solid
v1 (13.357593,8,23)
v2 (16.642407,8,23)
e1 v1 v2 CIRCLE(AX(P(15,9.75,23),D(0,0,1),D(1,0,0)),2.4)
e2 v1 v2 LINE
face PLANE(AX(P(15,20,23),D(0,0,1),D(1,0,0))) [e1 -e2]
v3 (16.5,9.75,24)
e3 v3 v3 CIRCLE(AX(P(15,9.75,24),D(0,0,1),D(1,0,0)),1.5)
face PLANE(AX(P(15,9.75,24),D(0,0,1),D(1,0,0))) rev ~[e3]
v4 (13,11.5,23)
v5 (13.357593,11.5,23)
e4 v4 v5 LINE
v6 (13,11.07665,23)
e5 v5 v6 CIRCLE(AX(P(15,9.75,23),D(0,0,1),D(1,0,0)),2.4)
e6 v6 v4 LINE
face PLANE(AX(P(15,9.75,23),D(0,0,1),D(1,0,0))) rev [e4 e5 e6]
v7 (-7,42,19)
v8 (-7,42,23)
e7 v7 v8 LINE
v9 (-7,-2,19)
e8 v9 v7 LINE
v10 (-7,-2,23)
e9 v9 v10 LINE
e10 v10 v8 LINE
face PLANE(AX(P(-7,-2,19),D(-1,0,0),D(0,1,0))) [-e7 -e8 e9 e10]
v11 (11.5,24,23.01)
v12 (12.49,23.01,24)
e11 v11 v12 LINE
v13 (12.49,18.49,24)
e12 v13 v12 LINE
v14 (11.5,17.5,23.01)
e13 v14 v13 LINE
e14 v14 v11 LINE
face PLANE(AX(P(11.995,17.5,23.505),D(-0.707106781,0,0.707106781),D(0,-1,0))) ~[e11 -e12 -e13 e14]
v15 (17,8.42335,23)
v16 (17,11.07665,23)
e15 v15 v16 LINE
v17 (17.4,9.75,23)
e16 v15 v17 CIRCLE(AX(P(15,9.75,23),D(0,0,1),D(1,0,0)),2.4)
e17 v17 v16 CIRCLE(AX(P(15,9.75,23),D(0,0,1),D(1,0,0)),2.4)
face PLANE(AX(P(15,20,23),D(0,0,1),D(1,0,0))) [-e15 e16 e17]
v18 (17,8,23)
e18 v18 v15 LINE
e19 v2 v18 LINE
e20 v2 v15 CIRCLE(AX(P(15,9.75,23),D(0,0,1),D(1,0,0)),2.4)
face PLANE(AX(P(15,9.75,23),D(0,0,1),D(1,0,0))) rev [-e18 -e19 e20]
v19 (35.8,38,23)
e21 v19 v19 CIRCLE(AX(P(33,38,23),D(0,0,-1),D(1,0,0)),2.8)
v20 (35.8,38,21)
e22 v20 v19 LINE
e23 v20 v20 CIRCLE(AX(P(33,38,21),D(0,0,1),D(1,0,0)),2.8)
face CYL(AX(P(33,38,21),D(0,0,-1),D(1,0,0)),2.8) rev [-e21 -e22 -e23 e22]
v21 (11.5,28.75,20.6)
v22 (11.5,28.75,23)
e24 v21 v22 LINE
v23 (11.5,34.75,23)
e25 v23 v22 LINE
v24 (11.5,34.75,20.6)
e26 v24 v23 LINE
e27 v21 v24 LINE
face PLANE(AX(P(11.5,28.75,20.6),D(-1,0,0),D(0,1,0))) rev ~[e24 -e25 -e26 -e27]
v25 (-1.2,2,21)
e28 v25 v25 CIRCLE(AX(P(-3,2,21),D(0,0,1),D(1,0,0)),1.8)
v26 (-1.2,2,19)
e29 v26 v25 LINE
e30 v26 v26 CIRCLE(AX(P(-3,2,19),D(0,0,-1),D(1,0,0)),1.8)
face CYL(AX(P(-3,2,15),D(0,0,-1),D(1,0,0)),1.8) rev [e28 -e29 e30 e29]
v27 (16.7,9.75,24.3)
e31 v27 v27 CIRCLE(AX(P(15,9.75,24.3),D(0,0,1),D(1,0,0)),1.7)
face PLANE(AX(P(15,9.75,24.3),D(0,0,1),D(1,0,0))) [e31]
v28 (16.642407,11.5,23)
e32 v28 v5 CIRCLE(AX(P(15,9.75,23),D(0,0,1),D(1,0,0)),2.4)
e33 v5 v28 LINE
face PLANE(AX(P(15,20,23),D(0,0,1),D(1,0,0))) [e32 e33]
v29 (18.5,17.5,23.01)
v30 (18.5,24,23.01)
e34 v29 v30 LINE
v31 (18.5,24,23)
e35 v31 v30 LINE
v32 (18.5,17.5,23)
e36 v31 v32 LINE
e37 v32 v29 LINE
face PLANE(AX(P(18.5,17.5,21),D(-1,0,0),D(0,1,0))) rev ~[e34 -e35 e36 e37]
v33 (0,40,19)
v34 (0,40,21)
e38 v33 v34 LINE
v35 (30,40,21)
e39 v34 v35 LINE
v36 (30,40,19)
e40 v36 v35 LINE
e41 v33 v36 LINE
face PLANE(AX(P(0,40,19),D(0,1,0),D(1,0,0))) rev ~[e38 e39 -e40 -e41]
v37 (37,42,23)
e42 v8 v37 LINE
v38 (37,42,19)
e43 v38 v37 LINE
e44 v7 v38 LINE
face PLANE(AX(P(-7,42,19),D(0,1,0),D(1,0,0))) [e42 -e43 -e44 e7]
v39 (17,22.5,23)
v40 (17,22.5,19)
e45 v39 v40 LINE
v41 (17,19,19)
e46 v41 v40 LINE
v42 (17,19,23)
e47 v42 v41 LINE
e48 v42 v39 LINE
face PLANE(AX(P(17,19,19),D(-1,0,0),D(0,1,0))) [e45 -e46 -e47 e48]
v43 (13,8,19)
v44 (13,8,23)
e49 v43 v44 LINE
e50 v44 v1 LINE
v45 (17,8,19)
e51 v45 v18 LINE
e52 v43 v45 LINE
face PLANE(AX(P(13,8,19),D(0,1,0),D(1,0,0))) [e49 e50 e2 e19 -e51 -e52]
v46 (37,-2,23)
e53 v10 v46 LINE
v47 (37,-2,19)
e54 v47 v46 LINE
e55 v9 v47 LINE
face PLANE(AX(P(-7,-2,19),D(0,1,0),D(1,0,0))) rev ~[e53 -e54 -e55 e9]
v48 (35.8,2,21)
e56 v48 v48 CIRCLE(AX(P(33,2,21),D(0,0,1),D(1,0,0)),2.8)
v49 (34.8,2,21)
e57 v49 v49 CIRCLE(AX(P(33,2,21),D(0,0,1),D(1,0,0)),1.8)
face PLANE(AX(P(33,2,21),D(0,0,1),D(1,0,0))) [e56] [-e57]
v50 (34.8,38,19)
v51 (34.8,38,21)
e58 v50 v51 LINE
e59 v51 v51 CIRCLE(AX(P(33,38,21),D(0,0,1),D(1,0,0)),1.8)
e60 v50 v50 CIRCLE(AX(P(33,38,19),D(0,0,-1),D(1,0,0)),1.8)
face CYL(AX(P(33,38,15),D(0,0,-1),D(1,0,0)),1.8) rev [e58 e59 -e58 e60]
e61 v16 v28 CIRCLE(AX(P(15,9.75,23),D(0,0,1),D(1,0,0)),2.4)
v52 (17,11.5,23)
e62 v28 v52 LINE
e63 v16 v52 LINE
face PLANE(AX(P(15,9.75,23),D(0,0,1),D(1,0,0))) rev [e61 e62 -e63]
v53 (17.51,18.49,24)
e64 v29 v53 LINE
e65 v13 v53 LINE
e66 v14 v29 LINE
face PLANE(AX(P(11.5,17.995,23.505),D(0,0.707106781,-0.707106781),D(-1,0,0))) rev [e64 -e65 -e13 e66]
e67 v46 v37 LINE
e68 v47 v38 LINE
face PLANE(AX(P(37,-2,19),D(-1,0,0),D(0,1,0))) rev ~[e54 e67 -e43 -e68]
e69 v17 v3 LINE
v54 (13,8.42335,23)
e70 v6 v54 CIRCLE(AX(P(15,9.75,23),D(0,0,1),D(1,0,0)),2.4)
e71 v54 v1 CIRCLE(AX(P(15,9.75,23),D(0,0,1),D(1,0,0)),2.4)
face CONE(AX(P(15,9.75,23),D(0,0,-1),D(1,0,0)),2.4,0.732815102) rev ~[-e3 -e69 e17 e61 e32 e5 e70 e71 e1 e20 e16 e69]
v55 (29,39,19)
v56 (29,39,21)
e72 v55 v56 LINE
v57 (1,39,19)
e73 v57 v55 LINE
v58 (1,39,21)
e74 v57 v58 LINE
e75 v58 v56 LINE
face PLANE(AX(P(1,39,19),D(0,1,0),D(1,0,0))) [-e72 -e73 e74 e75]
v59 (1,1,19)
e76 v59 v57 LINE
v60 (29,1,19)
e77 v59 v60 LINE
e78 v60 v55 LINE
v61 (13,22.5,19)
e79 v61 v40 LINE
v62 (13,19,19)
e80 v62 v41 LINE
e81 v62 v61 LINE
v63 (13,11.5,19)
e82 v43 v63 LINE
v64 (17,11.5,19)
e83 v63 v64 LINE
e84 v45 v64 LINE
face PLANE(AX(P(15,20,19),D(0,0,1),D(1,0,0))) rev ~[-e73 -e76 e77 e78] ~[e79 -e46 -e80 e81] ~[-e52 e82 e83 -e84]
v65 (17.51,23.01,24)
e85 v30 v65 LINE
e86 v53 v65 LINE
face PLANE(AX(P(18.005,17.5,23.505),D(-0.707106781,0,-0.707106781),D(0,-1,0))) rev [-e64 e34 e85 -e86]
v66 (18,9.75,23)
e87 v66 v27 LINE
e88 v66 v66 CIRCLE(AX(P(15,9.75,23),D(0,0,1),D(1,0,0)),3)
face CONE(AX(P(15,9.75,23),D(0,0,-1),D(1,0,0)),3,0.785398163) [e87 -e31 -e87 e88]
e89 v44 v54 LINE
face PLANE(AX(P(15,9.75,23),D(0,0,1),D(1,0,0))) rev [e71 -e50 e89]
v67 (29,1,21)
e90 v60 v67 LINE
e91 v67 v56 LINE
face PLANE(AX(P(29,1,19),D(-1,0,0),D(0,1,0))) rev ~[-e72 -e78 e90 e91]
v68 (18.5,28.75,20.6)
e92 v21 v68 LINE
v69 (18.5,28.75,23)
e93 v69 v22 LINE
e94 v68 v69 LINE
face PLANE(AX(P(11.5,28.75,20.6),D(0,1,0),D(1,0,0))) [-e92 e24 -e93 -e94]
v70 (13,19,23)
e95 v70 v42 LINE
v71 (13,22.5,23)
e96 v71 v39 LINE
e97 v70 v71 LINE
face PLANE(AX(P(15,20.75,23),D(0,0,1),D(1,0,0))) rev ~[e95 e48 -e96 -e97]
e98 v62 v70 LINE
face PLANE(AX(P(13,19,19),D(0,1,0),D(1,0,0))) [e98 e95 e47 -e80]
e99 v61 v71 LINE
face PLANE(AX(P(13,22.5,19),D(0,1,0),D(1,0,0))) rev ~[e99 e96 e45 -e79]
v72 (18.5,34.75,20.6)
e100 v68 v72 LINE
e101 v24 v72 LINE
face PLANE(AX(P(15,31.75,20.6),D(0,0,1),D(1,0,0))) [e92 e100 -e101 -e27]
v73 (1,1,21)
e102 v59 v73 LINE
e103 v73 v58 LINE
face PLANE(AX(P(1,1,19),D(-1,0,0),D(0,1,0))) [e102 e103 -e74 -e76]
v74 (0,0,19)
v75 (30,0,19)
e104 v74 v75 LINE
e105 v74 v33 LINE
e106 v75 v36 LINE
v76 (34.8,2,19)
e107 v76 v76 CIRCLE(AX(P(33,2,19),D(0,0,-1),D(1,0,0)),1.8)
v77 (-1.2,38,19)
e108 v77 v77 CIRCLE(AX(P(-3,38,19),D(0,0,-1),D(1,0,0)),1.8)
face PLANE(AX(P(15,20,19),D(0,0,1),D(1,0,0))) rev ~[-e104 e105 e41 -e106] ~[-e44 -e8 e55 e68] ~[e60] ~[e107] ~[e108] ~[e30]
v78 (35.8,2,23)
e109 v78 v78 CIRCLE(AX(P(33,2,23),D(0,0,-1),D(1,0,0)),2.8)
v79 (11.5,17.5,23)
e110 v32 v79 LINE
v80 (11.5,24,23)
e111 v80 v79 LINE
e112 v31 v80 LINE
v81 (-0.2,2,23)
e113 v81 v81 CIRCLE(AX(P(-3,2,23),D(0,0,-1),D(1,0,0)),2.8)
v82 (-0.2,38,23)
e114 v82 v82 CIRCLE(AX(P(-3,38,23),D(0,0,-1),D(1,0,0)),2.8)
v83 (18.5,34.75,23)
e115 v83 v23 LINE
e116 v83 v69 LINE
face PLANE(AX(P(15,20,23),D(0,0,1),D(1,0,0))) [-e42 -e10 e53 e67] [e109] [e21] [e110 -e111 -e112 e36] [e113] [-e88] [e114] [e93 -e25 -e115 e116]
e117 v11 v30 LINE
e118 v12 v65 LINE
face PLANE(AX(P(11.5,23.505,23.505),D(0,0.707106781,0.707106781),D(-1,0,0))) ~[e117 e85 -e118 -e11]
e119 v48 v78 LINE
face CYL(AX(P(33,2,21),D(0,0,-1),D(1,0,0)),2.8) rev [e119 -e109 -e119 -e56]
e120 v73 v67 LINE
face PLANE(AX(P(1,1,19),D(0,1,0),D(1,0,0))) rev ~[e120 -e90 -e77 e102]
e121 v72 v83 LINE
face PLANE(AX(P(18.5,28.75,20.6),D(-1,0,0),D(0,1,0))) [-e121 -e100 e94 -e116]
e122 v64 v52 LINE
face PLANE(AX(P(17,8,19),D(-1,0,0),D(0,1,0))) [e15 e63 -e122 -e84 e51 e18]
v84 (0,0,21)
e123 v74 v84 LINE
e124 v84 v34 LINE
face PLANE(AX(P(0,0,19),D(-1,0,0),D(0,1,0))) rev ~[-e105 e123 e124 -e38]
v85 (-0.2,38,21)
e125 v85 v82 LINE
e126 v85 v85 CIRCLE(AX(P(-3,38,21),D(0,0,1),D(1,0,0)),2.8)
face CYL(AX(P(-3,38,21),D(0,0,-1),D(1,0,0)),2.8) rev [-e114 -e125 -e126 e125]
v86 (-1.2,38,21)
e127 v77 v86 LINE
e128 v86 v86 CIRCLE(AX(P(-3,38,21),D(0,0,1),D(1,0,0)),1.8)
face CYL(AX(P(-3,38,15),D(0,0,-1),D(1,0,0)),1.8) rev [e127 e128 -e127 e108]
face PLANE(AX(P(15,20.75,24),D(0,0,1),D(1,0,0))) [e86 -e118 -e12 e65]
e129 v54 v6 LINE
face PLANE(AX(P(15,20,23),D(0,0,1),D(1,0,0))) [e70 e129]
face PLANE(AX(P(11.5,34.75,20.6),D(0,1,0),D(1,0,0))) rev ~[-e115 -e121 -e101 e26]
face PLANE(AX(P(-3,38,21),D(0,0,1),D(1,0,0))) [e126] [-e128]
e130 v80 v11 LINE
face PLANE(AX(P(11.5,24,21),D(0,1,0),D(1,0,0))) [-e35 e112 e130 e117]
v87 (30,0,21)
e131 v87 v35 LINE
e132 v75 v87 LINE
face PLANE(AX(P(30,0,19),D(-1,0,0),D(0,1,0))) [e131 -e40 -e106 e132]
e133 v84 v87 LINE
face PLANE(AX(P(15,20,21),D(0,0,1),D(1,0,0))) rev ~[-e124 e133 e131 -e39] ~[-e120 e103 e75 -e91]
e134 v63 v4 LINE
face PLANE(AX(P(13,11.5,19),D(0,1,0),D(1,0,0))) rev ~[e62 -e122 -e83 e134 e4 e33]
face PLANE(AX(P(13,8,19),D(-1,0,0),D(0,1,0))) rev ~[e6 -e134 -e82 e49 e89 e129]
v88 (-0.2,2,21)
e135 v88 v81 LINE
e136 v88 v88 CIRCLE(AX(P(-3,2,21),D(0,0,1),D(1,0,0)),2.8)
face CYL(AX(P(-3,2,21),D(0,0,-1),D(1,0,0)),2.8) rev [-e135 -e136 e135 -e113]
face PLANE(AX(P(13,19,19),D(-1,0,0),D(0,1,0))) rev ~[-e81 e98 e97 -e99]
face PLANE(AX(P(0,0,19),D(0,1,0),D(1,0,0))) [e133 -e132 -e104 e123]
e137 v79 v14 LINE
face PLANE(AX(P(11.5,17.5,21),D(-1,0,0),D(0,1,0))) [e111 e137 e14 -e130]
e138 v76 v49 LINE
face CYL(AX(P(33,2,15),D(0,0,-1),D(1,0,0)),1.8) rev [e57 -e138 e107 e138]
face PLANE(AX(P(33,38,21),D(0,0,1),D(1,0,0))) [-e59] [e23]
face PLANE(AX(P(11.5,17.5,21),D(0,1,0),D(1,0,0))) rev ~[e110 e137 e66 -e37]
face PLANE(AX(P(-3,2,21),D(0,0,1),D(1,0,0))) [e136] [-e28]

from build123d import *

# Parameters (mm, degrees)
BOX069_W          = 4
BOX069_H          = 3.5
BOX069_DEPTH      = 4
BOX065_W          = 7
BOX065_H          = 6.5
BOX065_DEPTH      = 3
CHAMFER_SIZE      = 0.99
BOX074_W          = 7
BOX074_H          = 6
BOX074_DEPTH      = 3
SKETCH001_W       = 30
SKETCH001_H       = 40
SKETCH001_W_2     = 28
SKETCH001_H_2     = 38
PAD001_DEPTH      = 2
CYLINDER015_R     = 2.8
CYLINDER015_DEPTH = 3
CYLINDER014_R     = 2.8
CYLINDER014_DEPTH = 3
CYLINDER013_R     = 2.8
CYLINDER013_DEPTH = 3
CYLINDER016_R     = 2.8
CYLINDER016_DEPTH = 3
BOX014_W          = 4
BOX014_H          = 3.5
BOX014_DEPTH      = 4
BOX015_W          = 4
BOX015_H          = 3.5
BOX015_DEPTH      = 4
CYLINDER010_R     = 1.8
CYLINDER010_DEPTH = 6
CYLINDER011_R     = 1.8
CYLINDER011_DEPTH = 6
CYLINDER012_R     = 1.8
CYLINDER012_DEPTH = 6
CYLINDER009_R     = 1.8
CYLINDER009_DEPTH = 6
BOX042_W          = 44
BOX042_H          = 44
BOX042_DEPTH      = 4


with BuildPart() as button2_box0002:
    # Box069 → Box069 (new body)
    with BuildSketch(Plane(origin=(13, 19, 19), x_dir=(1, 0, 0), z_dir=(0, 0, 1))):
        with Locations((2, 1.75)):
            Rectangle(BOX069_W, BOX069_H)
    extrude(amount=BOX069_DEPTH)


with BuildPart() as cut006:
    # Box065 → Box065 (new body)
    with BuildSketch(Plane(origin=(11.5, 17.5, 21), x_dir=(1, 0, 0), z_dir=(0, 0, 1))):
        with Locations((3.5, 3.25)):
            Rectangle(BOX065_W, BOX065_H)
    extrude(amount=BOX065_DEPTH)

    # Chamfer
    chamfer_edges = [cut006.edges().sort_by_distance(p)[0] for p in [
        (11.5, 20.75, 24),
        (18.5, 20.75, 24),
        (15, 17.5, 24),
        (15, 24, 24),
    ]]
    chamfer(chamfer_edges, length=CHAMFER_SIZE)

    # Cut006: cut Button2_box0002
    add(button2_box0002.part, mode=Mode.SUBTRACT)


with BuildPart() as cone001:
    # Cone001 → Cone001 (revolve)
    with BuildSketch(Plane(origin=(15, 9.75, 21), x_dir=(1, 0, 0), z_dir=(0, -1, 0))):
        Polygon((0, 0), (2.4, 0), (1.5, 1), (0, 1), align=None)
    revolve(axis=Axis((15, 9.75, 21), (0, 0, 1)))


with BuildPart() as button_top_cover001:
    # Cone → Cone (revolve)
    with BuildSketch(Plane(origin=(15, 9.75, 21), x_dir=(1, 0, 0), z_dir=(0, -1, 0))):
        Polygon((0, 0), (3, 0), (1.7, 1.3), (0, 1.3), align=None)
    revolve(axis=Axis((15, 9.75, 21), (0, 0, 1)))

    # Cut003: cut Cone001
    add(cone001.part, mode=Mode.SUBTRACT)


with BuildPart() as button_top_cover001_1:
    # Cut003 placement: moved
    add(button_top_cover001.part.moved(Location((0, 0, 2))))


with BuildPart() as box074:
    # Box074 → Box074 (new body)
    with BuildSketch(Plane(origin=(11.5, 28.75, 20.6), x_dir=(1, 0, 0), z_dir=(0, 0, 1))):
        with Locations((3.5, 3)):
            Rectangle(BOX074_W, BOX074_H)
    extrude(amount=BOX074_DEPTH)


with BuildPart() as gasket_cut:
    # Sketch001 → Pad001 (new body)
    with BuildSketch(Plane(origin=(2, 2, 19), x_dir=(1, 0, 0), z_dir=(0, 0, 1))):
        with Locations((13, 18)):
            Rectangle(SKETCH001_W, SKETCH001_H)
        with Locations((13, 18)):
            Rectangle(SKETCH001_W_2, SKETCH001_H_2, mode=Mode.SUBTRACT)
    extrude(amount=PAD001_DEPTH)


with BuildPart() as screw_head003:
    # Cylinder015 → Cylinder015 (new body)
    with BuildSketch(Plane(origin=(33, 38, 21), x_dir=(1, 0, 0), z_dir=(0, 0, 1))):
        Circle(CYLINDER015_R)
    extrude(amount=CYLINDER015_DEPTH)


with BuildPart() as screw_head002:
    # Cylinder014 → Cylinder014 (new body)
    with BuildSketch(Plane(origin=(-3, 38, 21), x_dir=(1, 0, 0), z_dir=(0, 0, 1))):
        Circle(CYLINDER014_R)
    extrude(amount=CYLINDER014_DEPTH)


with BuildPart() as screw_head001:
    # Cylinder013 → Cylinder013 (new body)
    with BuildSketch(Plane(origin=(-3, 2, 21), x_dir=(1, 0, 0), z_dir=(0, 0, 1))):
        Circle(CYLINDER013_R)
    extrude(amount=CYLINDER013_DEPTH)


with BuildPart() as screw_head_cut:
    # Cylinder016 → Cylinder016 (new body)
    with BuildSketch(Plane(origin=(33, 2, 21), x_dir=(1, 0, 0), z_dir=(0, 0, 1))):
        Circle(CYLINDER016_R)
    extrude(amount=CYLINDER016_DEPTH)

    # Fusion019: union Screw_head003, Screw_head002, Screw_head001
    add(screw_head003.part)
    add(screw_head002.part)
    add(screw_head001.part)


with BuildPart() as button1_box0001:
    # Box014 → Box014 (new body)
    with BuildSketch(Plane(origin=(13, 8, 19), x_dir=(1, 0, 0), z_dir=(0, 0, 1))):
        with Locations((2, 1.75)):
            Rectangle(BOX014_W, BOX014_H)
    extrude(amount=BOX014_DEPTH)


with BuildPart() as fusion004_cut:
    # Box015 → Box015 (new body)
    with BuildSketch(Plane(origin=(13, 19, 19), x_dir=(1, 0, 0), z_dir=(0, 0, 1))):
        with Locations((2, 1.75)):
            Rectangle(BOX015_W, BOX015_H)
    extrude(amount=BOX015_DEPTH)

    # Fusion004: union Button1_box0001
    add(button1_box0001.part)


with BuildPart() as mh_cut006:
    # Cylinder010 → Cylinder010 (new body)
    with BuildSketch(Plane(origin=(-3, 38, 15), x_dir=(1, 0, 0), z_dir=(0, 0, 1))):
        Circle(CYLINDER010_R)
    extrude(amount=CYLINDER010_DEPTH)


with BuildPart() as mh_cut007:
    # Cylinder011 → Cylinder011 (new body)
    with BuildSketch(Plane(origin=(33, 2, 15), x_dir=(1, 0, 0), z_dir=(0, 0, 1))):
        Circle(CYLINDER011_R)
    extrude(amount=CYLINDER011_DEPTH)


with BuildPart() as mh_cut008:
    # Cylinder012 → Cylinder012 (new body)
    with BuildSketch(Plane(origin=(33, 38, 15), x_dir=(1, 0, 0), z_dir=(0, 0, 1))):
        Circle(CYLINDER012_R)
    extrude(amount=CYLINDER012_DEPTH)


with BuildPart() as top_cut:
    # Cylinder009 → Cylinder009 (new body)
    with BuildSketch(Plane(origin=(-3, 2, 15), x_dir=(1, 0, 0), z_dir=(0, 0, 1))):
        Circle(CYLINDER009_R)
    extrude(amount=CYLINDER009_DEPTH)

    # Fusion018: union MH_Cut006, MH_Cut007, MH_Cut008
    add(mh_cut006.part)
    add(mh_cut007.part)
    add(mh_cut008.part)

    # Fusion020: union Gasket_cut, Screw_Head_cut, Fusion004_cut
    add(gasket_cut.part)
    add(screw_head_cut.part)
    add(fusion004_cut.part)


with BuildPart() as top_final:
    # Box042 → Box042 (new body)
    with BuildSketch(Plane(origin=(-7, -2, 19), x_dir=(1, 0, 0), z_dir=(0, 0, 1))):
        with Locations((22, 22)):
            Rectangle(BOX042_W, BOX042_H)
    extrude(amount=BOX042_DEPTH)

    # Cut004: cut top_cut
    add(top_cut.part, mode=Mode.SUBTRACT)

    # Cut010: cut Box074
    add(box074.part, mode=Mode.SUBTRACT)

    # Fusion025: union Cut006, Button_Top_cover001
    add(cut006.part)
    add(button_top_cover001_1.part)


solid = top_final.part
